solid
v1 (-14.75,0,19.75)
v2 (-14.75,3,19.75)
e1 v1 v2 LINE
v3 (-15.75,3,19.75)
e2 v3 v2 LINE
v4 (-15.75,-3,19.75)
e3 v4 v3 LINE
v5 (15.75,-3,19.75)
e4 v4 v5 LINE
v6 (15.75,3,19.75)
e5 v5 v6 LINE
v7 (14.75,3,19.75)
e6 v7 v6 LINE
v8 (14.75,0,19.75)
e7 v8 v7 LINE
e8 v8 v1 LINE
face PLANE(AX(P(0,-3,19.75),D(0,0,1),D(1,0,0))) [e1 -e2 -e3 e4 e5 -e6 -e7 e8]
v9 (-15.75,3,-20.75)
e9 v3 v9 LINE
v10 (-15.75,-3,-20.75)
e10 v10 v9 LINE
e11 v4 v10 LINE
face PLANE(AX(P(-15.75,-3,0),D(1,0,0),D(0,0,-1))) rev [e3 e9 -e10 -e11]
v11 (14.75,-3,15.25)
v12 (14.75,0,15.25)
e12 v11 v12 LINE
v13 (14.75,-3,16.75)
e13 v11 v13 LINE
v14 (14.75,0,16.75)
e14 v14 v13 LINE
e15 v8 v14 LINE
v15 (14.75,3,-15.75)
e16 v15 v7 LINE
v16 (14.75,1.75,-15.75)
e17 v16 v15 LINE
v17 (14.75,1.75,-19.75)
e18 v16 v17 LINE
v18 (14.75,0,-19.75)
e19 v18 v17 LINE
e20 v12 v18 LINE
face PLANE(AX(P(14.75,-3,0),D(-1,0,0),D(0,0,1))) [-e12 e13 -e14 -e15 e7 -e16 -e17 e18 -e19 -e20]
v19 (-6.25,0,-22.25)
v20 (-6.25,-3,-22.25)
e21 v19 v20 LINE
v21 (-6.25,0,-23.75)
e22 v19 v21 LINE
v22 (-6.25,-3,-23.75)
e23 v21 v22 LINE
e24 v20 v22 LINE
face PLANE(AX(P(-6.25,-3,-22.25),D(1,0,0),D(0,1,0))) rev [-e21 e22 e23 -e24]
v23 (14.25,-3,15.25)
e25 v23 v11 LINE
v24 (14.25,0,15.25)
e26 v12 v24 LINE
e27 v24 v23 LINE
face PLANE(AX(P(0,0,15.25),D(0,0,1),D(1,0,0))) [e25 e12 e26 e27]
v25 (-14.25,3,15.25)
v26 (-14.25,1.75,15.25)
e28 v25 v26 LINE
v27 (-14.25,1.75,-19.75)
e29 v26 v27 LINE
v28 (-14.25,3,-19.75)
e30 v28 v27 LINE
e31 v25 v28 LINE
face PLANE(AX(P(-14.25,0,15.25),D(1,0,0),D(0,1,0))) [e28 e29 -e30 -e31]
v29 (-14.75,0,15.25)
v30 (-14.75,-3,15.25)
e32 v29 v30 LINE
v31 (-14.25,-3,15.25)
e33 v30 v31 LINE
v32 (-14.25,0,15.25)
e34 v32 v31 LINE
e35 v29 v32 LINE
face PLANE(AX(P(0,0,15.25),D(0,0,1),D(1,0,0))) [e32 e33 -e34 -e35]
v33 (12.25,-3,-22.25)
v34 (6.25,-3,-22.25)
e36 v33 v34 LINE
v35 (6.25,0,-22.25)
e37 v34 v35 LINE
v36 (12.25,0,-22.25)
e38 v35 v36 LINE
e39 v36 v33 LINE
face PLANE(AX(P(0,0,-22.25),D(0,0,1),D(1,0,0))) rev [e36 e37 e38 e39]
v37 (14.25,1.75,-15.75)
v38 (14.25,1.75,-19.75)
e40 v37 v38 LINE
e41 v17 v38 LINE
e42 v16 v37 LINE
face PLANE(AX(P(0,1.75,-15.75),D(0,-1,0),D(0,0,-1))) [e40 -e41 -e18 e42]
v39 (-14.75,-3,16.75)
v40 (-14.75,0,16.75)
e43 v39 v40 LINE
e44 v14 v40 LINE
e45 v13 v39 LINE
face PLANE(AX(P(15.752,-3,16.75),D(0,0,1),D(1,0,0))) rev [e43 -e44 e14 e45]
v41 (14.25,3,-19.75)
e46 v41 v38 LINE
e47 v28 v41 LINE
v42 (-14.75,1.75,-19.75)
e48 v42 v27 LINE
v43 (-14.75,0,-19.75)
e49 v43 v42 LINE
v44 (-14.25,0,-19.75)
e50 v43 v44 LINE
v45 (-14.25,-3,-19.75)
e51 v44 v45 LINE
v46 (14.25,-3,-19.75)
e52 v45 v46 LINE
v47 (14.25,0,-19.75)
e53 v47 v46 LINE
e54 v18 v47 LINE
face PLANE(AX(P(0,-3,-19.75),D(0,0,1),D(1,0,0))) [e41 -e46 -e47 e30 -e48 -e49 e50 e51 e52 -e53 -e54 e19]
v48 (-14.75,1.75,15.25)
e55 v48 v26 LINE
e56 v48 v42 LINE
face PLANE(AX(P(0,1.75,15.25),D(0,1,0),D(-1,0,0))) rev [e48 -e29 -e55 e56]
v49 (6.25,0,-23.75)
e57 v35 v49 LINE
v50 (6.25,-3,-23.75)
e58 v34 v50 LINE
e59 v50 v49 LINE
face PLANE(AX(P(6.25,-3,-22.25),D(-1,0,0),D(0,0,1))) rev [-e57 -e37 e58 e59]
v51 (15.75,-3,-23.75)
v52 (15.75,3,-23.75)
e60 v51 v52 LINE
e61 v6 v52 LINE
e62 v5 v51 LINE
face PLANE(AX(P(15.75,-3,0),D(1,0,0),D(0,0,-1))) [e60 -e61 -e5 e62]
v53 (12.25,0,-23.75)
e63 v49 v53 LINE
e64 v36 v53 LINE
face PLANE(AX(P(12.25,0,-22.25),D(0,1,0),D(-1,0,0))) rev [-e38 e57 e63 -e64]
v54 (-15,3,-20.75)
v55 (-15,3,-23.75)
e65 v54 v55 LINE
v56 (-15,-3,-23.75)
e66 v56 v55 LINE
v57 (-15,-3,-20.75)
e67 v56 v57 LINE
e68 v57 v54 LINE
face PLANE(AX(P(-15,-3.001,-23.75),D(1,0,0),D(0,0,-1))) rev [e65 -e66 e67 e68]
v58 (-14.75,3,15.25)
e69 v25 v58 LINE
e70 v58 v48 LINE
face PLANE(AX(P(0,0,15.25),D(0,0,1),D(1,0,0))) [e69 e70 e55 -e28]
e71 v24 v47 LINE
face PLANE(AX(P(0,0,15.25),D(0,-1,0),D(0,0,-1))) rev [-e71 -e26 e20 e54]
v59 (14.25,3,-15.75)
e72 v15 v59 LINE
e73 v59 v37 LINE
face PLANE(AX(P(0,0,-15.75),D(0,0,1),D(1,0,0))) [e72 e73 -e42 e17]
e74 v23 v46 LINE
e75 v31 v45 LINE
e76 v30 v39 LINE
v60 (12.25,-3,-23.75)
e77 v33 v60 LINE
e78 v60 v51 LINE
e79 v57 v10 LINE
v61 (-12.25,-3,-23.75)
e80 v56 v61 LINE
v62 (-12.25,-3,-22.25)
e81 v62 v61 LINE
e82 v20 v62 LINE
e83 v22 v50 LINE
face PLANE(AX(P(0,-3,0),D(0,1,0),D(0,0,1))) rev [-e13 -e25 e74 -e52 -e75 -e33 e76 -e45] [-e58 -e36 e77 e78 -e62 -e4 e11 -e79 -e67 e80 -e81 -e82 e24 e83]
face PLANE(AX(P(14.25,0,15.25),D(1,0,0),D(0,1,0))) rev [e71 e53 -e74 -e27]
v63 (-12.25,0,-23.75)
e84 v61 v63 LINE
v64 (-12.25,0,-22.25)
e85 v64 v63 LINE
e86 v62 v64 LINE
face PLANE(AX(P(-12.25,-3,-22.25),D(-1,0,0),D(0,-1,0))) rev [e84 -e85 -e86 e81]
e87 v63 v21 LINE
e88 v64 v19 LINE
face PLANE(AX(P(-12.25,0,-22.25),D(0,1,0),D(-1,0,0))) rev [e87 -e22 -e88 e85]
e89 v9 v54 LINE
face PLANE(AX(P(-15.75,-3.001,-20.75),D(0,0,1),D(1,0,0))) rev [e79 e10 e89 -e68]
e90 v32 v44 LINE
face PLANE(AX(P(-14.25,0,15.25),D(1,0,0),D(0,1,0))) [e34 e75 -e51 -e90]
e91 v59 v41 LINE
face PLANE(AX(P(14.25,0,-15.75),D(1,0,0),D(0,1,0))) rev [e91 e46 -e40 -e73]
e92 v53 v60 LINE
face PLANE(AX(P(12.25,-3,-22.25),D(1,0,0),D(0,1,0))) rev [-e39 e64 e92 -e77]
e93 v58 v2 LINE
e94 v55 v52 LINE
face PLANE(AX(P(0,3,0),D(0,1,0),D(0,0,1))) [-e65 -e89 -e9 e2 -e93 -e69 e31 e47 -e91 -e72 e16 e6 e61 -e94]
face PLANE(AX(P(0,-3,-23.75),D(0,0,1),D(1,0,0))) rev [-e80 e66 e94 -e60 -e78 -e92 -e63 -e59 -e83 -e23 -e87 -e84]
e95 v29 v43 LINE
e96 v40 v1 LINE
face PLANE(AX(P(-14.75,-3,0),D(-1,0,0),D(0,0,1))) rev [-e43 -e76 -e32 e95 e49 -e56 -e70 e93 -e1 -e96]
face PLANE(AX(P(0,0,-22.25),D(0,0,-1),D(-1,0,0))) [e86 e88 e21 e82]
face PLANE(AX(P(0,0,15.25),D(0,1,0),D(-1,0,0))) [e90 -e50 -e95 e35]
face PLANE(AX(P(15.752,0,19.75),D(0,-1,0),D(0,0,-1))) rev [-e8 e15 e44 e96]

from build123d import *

# Parameters (mm, degrees)
EXTRUDE_1_DEPTH      = 3
EXTRUDE_1_DEPTH_BACK = 3
SKETCH_2_W           = 0.5
SKETCH_2_H           = 1.25
SKETCH_2_H_2         = 3
EXTRUDE_2_DEPTH      = 35
SKETCH_3_W           = 6
SKETCH_3_H           = 3
CUT_EXTRUDE_1_DEPTH  = 1.5
CUT_EXTRUDE_2_REACH  = 31.123
SKETCH_4_W           = 0.75
SKETCH_4_H           = 3
SKETCH_2_4_W         = 0.5
SKETCH_2_4_H         = 1.25
EXTRUDE_3_DEPTH      = 4
EXTRUDE_4_REACH      = 40.773
SKETCH_5_W           = 3
SKETCH_5_H           = 3


with BuildPart() as part:
    # 草图1 → 凸台-拉伸1 (new, two sides: drawn at the far end of the back side and taken through both)
    with BuildSketch(Plane(origin=(0, 0, 0), x_dir=(1, 0, 0), z_dir=(0, 1, 0)).offset(-EXTRUDE_1_DEPTH_BACK)):
        Polygon((-14.75, -19.75), (-14.75, 19.75), (14.75, 19.75), (14.75, -19.75), (15.75, -19.75), (15.75, 23.75), (-15.75, 23.75), (-15.75, -19.75), align=None)
    extrude(amount=EXTRUDE_1_DEPTH + EXTRUDE_1_DEPTH_BACK)

    # 草图2 → 凸台-拉伸2 (add)
    with BuildSketch(Plane.XY.offset(-19.75)):
        with Locations((-14.5, 2.375)):
            Rectangle(SKETCH_2_W, SKETCH_2_H)
        with Locations((-14.5, -1.5)):
            Rectangle(SKETCH_2_W, SKETCH_2_H_2)
        with Locations((14.5, -1.5)):
            Rectangle(SKETCH_2_W, SKETCH_2_H_2)
    extrude(amount=EXTRUDE_2_DEPTH)

    # 草图3 → 切除-拉伸1 (cut)
    with BuildSketch(Plane(origin=(0, 0, -23.75), x_dir=(-1, 0, 0), z_dir=(0, 0, -1))):
        with Locations((-9.25, -1.5)):
            Rectangle(SKETCH_3_W, SKETCH_3_H)
        with Locations((9.25, -1.5)):
            Rectangle(SKETCH_3_W, SKETCH_3_H)
    extrude(amount=-CUT_EXTRUDE_1_DEPTH, mode=Mode.SUBTRACT)

    # 草图4 → 切除-拉伸2 (cut, up to next)
    with BuildSketch(Plane(origin=(0, 3, 0), x_dir=(1, 0, 0), z_dir=(0, 1, 0)), mode=Mode.PRIVATE) as cut_extrude_2_sk1:
        with Locations((-15.375, 22.25)):
            Rectangle(SKETCH_4_W, SKETCH_4_H)
    cut_extrude_2_tool1 = extrude(cut_extrude_2_sk1.sketch, amount=-CUT_EXTRUDE_2_REACH, mode=Mode.PRIVATE) & part.part
    add(cut_extrude_2_tool1.solids().sort_by_distance((-15.375, 3, -22.25))[0], mode=Mode.SUBTRACT)

    # 草图2<4> → 凸台-拉伸3 (add)
    with BuildSketch(Plane.XY.offset(-19.75)):
        with Locations((14.5, 2.375)):
            Rectangle(SKETCH_2_4_W, SKETCH_2_4_H)
    extrude(amount=EXTRUDE_3_DEPTH)

    # 草图5 → 凸台-拉伸4 (add, up to next)
    with BuildSketch(Plane(origin=(-14.75, 0, 0), x_dir=(0, 0, -1), z_dir=(1, 0, 0)), mode=Mode.PRIVATE) as extrude_4_sk1:
        with Locations((-18.25, -1.5)):
            Rectangle(SKETCH_5_W, SKETCH_5_H)
    extrude_4_tool1 = extrude(extrude_4_sk1.sketch, amount=EXTRUDE_4_REACH, mode=Mode.PRIVATE) - part.part
    add(extrude_4_tool1.solids().sort_by_distance((-14.75, -1.5, 18.25))[0])


solid = part.part
